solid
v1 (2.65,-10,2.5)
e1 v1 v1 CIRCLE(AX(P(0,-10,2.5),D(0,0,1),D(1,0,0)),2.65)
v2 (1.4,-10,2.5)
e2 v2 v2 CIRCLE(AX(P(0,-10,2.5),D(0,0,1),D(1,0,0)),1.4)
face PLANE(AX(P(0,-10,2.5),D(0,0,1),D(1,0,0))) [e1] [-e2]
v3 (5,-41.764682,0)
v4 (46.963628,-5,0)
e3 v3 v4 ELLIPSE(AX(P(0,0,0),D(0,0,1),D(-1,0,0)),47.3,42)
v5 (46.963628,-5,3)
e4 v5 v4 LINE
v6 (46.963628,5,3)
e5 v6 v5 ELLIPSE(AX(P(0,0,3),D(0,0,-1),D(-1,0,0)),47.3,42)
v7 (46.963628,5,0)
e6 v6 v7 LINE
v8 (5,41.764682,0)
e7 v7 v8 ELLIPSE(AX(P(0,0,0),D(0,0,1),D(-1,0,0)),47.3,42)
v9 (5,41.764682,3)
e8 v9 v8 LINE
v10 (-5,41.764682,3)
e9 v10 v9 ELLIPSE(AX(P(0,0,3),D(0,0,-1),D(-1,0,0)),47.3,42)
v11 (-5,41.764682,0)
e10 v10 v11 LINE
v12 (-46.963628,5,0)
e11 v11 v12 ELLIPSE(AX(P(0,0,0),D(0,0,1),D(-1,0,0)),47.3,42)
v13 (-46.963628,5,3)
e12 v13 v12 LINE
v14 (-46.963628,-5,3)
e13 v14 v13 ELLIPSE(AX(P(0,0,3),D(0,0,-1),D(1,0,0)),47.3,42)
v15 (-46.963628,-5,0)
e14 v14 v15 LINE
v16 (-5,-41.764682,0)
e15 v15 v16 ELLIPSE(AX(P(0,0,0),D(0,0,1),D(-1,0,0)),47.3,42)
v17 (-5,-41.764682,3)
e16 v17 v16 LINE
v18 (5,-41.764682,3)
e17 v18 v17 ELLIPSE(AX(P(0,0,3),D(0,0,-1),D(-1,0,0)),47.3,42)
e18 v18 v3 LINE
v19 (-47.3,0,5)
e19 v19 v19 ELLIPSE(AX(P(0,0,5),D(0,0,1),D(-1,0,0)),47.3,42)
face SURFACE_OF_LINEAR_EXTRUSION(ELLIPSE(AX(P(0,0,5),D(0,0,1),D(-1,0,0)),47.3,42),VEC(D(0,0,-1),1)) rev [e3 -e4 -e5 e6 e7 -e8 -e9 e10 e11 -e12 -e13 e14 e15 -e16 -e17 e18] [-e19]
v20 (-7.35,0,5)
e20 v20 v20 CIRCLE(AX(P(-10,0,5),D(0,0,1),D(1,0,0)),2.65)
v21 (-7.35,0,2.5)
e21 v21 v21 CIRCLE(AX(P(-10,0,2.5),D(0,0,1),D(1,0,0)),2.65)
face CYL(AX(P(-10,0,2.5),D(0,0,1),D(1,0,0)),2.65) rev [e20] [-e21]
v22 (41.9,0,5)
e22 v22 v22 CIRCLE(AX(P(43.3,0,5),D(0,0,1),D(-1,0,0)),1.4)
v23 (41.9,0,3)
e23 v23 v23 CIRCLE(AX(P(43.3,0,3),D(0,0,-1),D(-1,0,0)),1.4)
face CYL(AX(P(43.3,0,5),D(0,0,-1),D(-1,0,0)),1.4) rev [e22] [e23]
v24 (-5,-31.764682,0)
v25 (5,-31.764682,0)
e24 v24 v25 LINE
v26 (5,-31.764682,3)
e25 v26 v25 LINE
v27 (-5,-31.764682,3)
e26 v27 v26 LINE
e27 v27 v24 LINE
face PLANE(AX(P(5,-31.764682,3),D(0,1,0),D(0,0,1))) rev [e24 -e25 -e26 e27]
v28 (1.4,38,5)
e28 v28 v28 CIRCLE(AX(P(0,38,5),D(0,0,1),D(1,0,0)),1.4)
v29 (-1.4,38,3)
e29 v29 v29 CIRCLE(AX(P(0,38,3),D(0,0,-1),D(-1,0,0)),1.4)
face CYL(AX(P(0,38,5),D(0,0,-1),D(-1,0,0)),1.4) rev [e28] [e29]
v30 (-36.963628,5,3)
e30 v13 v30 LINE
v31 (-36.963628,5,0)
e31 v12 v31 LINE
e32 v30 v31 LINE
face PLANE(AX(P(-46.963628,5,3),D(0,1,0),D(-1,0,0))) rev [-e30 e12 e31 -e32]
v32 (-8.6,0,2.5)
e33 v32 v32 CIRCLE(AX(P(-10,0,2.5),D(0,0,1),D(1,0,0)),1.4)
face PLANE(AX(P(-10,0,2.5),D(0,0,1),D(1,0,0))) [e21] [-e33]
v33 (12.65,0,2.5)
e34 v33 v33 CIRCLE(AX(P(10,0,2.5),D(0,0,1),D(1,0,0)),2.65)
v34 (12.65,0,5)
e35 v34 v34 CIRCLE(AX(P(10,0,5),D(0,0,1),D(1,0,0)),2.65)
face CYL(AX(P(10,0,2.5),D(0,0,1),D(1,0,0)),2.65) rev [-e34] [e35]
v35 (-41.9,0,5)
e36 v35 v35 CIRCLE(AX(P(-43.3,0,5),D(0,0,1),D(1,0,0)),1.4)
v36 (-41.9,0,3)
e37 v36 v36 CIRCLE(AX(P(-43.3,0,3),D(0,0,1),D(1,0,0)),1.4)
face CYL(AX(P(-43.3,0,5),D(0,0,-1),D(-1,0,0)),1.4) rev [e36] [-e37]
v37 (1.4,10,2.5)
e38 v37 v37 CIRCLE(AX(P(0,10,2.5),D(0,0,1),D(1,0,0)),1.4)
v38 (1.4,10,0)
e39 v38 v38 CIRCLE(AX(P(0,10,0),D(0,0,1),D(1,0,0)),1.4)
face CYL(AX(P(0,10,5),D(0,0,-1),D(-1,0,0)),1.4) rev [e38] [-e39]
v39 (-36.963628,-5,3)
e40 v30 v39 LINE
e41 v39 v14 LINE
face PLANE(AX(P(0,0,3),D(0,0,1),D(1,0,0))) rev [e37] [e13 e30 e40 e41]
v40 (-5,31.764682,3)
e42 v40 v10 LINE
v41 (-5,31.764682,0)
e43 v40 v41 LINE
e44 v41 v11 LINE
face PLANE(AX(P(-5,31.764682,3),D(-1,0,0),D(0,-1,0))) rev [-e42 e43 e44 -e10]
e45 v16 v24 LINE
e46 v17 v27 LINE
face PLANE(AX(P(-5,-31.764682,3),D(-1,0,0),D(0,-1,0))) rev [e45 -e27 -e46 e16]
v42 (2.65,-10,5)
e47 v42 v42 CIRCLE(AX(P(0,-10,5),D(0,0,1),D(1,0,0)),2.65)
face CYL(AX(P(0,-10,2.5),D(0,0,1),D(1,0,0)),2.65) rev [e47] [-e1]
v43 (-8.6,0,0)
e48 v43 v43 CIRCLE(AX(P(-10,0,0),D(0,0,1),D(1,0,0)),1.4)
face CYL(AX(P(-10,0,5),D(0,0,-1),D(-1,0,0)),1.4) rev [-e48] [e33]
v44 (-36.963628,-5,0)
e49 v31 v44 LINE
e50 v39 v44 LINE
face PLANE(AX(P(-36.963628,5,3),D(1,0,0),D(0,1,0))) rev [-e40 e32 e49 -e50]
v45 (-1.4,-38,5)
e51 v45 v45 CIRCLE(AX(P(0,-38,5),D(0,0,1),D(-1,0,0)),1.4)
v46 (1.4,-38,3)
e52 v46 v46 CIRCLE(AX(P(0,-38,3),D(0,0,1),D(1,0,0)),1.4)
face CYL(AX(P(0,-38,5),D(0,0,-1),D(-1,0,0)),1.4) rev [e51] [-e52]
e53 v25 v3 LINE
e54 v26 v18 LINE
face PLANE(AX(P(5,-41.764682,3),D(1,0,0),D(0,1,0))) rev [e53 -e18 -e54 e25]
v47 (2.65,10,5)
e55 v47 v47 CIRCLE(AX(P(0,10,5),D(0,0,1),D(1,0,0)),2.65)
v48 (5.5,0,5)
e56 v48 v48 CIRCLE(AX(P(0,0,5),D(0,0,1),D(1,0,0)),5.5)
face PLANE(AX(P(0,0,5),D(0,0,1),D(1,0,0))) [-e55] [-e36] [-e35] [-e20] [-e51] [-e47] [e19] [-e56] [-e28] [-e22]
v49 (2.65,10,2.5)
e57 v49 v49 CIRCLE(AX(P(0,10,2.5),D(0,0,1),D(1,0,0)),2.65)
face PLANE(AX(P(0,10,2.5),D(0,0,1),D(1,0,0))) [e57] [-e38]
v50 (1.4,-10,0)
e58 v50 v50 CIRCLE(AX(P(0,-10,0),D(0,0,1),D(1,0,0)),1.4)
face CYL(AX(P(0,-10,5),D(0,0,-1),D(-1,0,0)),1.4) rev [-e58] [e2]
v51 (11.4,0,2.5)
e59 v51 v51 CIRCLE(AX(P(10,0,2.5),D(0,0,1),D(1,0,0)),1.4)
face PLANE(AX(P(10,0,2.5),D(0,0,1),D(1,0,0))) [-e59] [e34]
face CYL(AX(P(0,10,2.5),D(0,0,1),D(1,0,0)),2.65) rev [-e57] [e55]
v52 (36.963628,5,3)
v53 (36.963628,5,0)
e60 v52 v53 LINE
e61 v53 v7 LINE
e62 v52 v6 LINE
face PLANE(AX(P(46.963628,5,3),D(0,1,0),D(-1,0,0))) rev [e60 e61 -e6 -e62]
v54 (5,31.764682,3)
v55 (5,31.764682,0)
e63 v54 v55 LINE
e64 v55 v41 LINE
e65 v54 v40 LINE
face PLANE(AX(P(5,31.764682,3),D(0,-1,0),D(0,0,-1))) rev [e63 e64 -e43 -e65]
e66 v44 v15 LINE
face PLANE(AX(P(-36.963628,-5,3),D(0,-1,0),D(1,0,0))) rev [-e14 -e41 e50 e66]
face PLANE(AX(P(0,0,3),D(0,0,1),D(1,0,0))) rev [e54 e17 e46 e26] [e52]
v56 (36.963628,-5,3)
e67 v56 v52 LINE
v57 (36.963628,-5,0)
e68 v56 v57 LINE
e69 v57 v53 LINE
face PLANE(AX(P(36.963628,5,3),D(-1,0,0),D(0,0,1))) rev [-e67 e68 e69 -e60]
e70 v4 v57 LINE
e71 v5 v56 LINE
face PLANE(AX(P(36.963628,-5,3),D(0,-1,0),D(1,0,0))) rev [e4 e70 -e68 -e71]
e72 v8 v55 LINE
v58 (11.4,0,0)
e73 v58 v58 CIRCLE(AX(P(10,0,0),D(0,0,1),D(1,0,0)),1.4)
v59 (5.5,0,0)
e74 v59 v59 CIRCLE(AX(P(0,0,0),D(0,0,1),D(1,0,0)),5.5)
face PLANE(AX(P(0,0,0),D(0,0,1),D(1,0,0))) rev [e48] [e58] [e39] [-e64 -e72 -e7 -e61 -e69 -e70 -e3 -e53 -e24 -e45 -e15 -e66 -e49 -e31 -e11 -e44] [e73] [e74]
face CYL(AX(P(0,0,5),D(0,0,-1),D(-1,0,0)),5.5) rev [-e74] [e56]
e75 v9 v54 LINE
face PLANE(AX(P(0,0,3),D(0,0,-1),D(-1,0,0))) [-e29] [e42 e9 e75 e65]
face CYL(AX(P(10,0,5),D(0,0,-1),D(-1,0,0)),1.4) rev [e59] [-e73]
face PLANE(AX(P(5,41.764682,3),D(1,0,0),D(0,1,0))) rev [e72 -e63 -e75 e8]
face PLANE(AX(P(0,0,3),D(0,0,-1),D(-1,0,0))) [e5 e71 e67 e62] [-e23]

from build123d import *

# Parameters (mm, degrees)
SKETCH1_RX          = 47.3
SKETCH1_RY          = 42
SKETCH1_R           = 5.5
SKETCH1_R_2         = 1.4
BOSS_EXTRUDE1_DEPTH = 5
CUT_EXTRUDE3_START  = -2.5
SKETCH5_R           = 2.65
SKETCH5_R_2         = 1.4
CUT_EXTRUDE3_DEPTH  = 2.5
CUT_EXTRUDE4_DEPTH  = 3


with BuildPart() as part:
    # Sketch1 → Boss-Extrude1 (new body)
    with BuildSketch(Plane.XY):
        with Locations(Location((0, 0), (0, 0, 180))):
            Ellipse(SKETCH1_RX, SKETCH1_RY)
        Circle(SKETCH1_R, mode=Mode.SUBTRACT)
        with Locations((-10, 0)):
            Circle(SKETCH1_R_2, mode=Mode.SUBTRACT)
        with Locations((0, 10)):
            Circle(SKETCH1_R_2, mode=Mode.SUBTRACT)
        with Locations((10, 0)):
            Circle(SKETCH1_R_2, mode=Mode.SUBTRACT)
        with Locations((0, -10)):
            Circle(SKETCH1_R_2, mode=Mode.SUBTRACT)
        with Locations((0, 38)):
            Circle(SKETCH1_R_2, mode=Mode.SUBTRACT)
        with Locations((-43.3, 0)):
            Circle(SKETCH1_R_2, mode=Mode.SUBTRACT)
        with Locations(Location((43.3, 0, 0), (0, 0, 180))):
            Circle(SKETCH1_R_2, mode=Mode.SUBTRACT)
        with Locations(Location((0, -38, 0), (0, 0, 180))):
            Circle(SKETCH1_R_2, mode=Mode.SUBTRACT)
    extrude(amount=BOSS_EXTRUDE1_DEPTH)

    # Sketch5 → Cut-Extrude3 (cut)
    # profile 1 of 4: a face of its own
    with BuildSketch(Plane.XY.offset(5).offset(CUT_EXTRUDE3_START)):
        with Locations((0, 10)):
            Circle(SKETCH5_R)
        with Locations((0, 10)):
            Circle(SKETCH5_R_2, mode=Mode.SUBTRACT)
    # profile 2 of 4: a face of its own
    with BuildSketch(Plane.XY.offset(5).offset(CUT_EXTRUDE3_START)):
        with Locations((10, 0)):
            Circle(SKETCH5_R)
        with Locations((10, 0)):
            Circle(SKETCH5_R_2, mode=Mode.SUBTRACT)
    # profile 3 of 4: a face of its own
    with BuildSketch(Plane.XY.offset(5).offset(CUT_EXTRUDE3_START)):
        with Locations((0, -10)):
            Circle(SKETCH5_R)
        with Locations((0, -10)):
            Circle(SKETCH5_R_2, mode=Mode.SUBTRACT)
    # profile 4 of 4: a face of its own
    with BuildSketch(Plane.XY.offset(5).offset(CUT_EXTRUDE3_START)):
        with Locations((-10, 0)):
            Circle(SKETCH5_R)
        with Locations((-10, 0)):
            Circle(SKETCH5_R_2, mode=Mode.SUBTRACT)
    extrude(amount=CUT_EXTRUDE3_DEPTH, mode=Mode.SUBTRACT)

    # Sketch6 → Cut-Extrude4 (cut)
    with BuildSketch(Plane(origin=(0, 0, 0), x_dir=(-1, 0, 0), z_dir=(0, 0, -1))):
        with BuildLine():
            Line((-5, 41.764681883), (-5, 31.764681883))
            Line((-5, 31.764681883), (5, 31.764681883))
            Line((5, 31.764681883), (5, 41.764681883))
            add(Edge.make_bspline(
                [(5, 41.764681883), (0, 42.236643989), (-5, 41.764681883)],
                knots=[1.464890217, 1.464890217, 1.464890217, 1.676702437, 1.676702437, 1.676702437], degree=2, weights=[1, 0.994397188, 1]))
        make_face()
        with BuildLine():
            Line((-46.963628217, 5), (-36.963628217, 5))
            Line((-36.963628217, 5), (-36.963628217, -5))
            Line((-36.963628217, -5), (-46.963628217, -5))
            add(Edge.make_bspline(
                [(-46.963628217, 5), (-47.638781009, 0), (-46.963628217, -5)],
                knots=[3.022262029, 3.022262029, 3.022262029, 3.260923278, 3.260923278, 3.260923278], degree=2, weights=[1, 0.992888546, 1]))
        make_face()
        with BuildLine():
            Line((46.963628217, 5), (36.963628217, 5))
            Line((36.963628217, 5), (36.963628217, -5))
            Line((36.963628217, -5), (46.963628217, -5))
            add(Edge.make_bspline(
                [(46.963628217, -5), (47.638781009, 0), (46.963628217, 5)],
                knots=[3.022262029, 3.022262029, 3.022262029, 3.260923278, 3.260923278, 3.260923278], degree=2, weights=[1, 0.992888546, 1]))
        make_face()
        with BuildLine():
            Line((5, -31.764681883), (5, -41.764681883))
            add(Edge.make_bspline(
                [(-5, -41.764681883), (0, -42.236643989), (5, -41.764681883)],
                knots=[4.60648287, 4.60648287, 4.60648287, 4.81829509, 4.81829509, 4.81829509], degree=2, weights=[1, 0.994397188, 1]))
            Line((-5, -41.764681883), (-5, -31.764681883))
            Line((-5, -31.764681883), (5, -31.764681883))
        make_face()
    extrude(amount=-CUT_EXTRUDE4_DEPTH, mode=Mode.SUBTRACT)


solid = part.part
